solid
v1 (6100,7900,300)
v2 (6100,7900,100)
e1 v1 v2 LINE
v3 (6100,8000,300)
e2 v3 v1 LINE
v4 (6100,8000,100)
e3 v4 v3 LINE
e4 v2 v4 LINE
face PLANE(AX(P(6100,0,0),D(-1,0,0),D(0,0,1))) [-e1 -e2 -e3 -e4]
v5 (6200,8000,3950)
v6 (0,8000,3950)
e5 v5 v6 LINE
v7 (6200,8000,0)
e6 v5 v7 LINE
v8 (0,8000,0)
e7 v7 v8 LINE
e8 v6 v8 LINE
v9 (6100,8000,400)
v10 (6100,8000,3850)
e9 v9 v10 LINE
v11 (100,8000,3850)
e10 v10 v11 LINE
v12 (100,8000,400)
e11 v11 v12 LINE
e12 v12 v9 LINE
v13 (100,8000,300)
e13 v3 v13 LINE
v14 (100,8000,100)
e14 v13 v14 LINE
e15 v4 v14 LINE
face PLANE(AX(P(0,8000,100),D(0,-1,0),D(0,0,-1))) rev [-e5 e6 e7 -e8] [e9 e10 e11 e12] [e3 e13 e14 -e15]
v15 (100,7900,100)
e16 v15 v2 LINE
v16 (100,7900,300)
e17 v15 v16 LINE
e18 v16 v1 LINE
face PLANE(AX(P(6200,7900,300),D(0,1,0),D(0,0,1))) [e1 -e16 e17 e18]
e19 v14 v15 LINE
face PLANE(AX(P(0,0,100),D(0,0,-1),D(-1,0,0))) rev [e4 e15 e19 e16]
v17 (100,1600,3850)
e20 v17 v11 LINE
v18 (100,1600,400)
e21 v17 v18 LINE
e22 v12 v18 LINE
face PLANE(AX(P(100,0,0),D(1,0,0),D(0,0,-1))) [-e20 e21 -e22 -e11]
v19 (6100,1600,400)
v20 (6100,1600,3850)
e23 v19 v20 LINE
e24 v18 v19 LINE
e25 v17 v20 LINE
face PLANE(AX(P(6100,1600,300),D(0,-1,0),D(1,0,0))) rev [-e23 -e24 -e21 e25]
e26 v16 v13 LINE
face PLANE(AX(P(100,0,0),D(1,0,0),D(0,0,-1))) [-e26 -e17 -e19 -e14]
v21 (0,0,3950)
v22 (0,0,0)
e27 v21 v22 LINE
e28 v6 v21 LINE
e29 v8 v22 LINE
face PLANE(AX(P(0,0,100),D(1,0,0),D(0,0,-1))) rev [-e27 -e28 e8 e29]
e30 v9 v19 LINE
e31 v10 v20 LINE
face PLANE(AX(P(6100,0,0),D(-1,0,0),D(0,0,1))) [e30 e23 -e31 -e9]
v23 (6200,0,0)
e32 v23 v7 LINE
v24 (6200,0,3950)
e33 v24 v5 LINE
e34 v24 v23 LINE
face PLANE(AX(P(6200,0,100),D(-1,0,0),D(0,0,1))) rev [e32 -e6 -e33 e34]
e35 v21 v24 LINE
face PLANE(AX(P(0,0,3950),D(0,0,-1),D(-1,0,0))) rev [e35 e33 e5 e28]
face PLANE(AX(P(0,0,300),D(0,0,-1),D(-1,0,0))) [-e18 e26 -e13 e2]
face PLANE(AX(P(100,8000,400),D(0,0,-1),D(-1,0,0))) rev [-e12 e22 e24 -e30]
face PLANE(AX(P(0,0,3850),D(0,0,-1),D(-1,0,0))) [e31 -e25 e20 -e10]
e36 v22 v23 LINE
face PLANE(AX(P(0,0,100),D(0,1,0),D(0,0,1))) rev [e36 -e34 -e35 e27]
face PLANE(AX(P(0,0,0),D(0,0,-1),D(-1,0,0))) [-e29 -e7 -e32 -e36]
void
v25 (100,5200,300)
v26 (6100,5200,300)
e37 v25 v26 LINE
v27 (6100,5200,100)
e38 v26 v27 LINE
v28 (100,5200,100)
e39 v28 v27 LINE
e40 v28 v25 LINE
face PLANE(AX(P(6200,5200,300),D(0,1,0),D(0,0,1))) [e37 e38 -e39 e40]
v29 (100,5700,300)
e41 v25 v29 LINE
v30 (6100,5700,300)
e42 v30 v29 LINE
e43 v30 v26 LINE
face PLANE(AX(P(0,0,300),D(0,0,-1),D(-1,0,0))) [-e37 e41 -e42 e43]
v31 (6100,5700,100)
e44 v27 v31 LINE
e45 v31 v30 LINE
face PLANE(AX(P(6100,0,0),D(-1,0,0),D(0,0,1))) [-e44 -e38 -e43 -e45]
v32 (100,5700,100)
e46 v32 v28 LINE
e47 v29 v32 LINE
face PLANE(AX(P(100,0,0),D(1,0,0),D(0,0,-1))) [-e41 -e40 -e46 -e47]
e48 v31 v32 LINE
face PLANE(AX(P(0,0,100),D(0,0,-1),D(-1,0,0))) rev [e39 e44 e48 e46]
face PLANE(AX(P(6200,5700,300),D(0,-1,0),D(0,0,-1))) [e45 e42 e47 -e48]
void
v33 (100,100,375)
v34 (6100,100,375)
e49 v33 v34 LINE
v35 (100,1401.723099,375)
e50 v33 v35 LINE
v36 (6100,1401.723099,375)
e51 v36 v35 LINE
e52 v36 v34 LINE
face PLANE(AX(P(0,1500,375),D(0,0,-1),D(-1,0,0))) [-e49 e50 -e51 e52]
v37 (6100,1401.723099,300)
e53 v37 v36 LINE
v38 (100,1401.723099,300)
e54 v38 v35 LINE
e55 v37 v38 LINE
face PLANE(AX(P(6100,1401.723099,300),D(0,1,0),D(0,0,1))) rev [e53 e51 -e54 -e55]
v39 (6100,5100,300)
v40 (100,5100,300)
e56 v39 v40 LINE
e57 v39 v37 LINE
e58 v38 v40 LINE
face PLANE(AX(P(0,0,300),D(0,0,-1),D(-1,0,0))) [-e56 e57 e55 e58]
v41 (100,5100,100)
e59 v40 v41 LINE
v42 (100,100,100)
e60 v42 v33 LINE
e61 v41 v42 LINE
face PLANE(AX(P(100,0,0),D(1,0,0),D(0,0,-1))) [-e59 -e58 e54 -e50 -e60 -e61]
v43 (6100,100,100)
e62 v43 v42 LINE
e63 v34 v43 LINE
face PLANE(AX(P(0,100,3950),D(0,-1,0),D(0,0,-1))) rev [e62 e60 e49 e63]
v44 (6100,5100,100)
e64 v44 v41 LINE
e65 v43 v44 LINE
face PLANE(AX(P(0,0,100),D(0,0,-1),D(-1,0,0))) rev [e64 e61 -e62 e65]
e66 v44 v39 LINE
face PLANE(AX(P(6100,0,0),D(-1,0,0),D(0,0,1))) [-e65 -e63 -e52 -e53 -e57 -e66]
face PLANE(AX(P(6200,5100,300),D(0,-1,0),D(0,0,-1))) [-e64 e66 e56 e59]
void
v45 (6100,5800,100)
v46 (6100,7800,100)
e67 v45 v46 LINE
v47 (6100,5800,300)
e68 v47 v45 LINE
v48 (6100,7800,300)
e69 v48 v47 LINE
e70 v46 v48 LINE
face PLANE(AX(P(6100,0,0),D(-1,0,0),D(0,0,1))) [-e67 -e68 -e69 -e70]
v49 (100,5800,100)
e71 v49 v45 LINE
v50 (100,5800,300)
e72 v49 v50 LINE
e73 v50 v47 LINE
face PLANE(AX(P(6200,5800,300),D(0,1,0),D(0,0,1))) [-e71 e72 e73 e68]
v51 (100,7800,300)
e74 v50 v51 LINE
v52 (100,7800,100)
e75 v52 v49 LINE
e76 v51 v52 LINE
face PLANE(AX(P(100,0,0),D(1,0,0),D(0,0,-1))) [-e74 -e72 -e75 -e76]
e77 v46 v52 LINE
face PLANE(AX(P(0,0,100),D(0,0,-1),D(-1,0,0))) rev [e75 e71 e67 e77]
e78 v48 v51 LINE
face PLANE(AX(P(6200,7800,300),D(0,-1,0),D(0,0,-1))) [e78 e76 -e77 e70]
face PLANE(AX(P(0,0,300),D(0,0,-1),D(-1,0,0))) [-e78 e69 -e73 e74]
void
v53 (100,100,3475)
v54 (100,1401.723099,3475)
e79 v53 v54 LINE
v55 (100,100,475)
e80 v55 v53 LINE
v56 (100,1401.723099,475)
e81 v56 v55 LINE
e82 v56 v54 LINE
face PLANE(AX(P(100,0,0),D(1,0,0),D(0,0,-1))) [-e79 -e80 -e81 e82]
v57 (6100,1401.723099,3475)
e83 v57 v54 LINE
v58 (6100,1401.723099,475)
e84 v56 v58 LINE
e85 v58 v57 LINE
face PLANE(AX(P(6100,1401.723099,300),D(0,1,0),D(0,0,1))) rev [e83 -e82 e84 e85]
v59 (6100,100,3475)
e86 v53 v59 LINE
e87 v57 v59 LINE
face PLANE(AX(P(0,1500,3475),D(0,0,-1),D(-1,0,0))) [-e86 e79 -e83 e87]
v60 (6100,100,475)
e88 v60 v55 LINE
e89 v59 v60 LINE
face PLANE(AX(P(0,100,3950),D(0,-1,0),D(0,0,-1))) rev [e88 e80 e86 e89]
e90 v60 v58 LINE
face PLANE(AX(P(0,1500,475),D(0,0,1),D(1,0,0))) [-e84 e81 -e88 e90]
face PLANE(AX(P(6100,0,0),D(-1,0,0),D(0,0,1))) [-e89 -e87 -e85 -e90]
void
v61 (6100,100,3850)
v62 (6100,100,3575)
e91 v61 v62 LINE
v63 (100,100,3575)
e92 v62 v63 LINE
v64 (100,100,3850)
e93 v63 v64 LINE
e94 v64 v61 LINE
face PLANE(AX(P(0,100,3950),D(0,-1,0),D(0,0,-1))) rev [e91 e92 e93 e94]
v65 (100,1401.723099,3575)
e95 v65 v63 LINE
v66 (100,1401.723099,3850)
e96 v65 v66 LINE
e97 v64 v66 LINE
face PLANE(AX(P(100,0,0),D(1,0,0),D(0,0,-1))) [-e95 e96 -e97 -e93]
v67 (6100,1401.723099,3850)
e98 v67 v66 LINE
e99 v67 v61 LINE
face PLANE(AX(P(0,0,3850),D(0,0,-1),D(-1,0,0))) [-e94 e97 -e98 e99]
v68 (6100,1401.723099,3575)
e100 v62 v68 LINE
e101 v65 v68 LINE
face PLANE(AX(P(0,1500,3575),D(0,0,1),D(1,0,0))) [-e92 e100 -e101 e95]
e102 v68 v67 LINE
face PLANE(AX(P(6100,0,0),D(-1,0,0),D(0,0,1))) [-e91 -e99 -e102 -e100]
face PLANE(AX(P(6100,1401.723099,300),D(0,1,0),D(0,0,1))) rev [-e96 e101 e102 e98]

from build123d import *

# Parameters (mm, degrees)
SKETCH1_W            = 6200
SKETCH1_H            = 8000
BOSS_EXTRUDE1_DEPTH  = 100
SKETCH2_W            = 6200
SKETCH2_H            = 100
BOSS_EXTRUDE2_DEPTH  = 3850
SKETCH3_W            = 6200
SKETCH3_H            = 8000
BOSS_EXTRUDE3_DEPTH  = 100
SKETCH5_W            = 3750
SKETCH5_H            = 7900
BOSS_EXTRUDE4_DEPTH  = 100
SKETCH6_W            = 3750
SKETCH6_H            = 7900
BOSS_EXTRUDE5_DEPTH  = 100
SKETCH8_W            = 6100
SKETCH8_H            = 198.276900897
BOSS_EXTRUDE7_DEPTH  = 3550
SKETCH9_W            = 6000
SKETCH9_H            = 100
BOSS_EXTRUDE8_DEPTH  = 6400
SKETCH10_W           = 6200
SKETCH10_H           = 100
BOSS_EXTRUDE9_DEPTH  = 1500
SKETCH11_W           = 6200
SKETCH11_H           = 100
BOSS_EXTRUDE11_DEPTH = 300


with BuildPart() as part:
    # Sketch1 → Boss-Extrude1 (new body)
    with BuildSketch(Plane.XY):
        with Locations((3100, 4000)):
            Rectangle(SKETCH1_W, SKETCH1_H)
    extrude(amount=BOSS_EXTRUDE1_DEPTH)

    # Sketch2 → Boss-Extrude2 (add)
    with BuildSketch(Plane.XY.offset(100)):
        with Locations((3100, 50)):
            Rectangle(SKETCH2_W, SKETCH2_H)
    extrude(amount=BOSS_EXTRUDE2_DEPTH)

    # Sketch3 → Boss-Extrude3 (add)
    with BuildSketch(Plane.XY.offset(3950)):
        with Locations((3100, 4000)):
            Rectangle(SKETCH3_W, SKETCH3_H)
    extrude(amount=-BOSS_EXTRUDE3_DEPTH)

    # Sketch5 → Boss-Extrude4 (add)
    with BuildSketch(Plane(origin=(6200, 0, 0), x_dir=(0, 0, -1), z_dir=(1, 0, 0))):
        with Locations((-1975, 4050)):
            Rectangle(SKETCH5_W, SKETCH5_H)
    extrude(amount=-BOSS_EXTRUDE4_DEPTH)

    # Sketch6 → Boss-Extrude5 (add)
    with BuildSketch(Plane.ZY):
        with Locations((1975, 4050)):
            Rectangle(SKETCH6_W, SKETCH6_H)
    extrude(amount=-BOSS_EXTRUDE5_DEPTH)

    # Sketch8 → Boss-Extrude7 (add)
    with BuildSketch(Plane(origin=(0, 0, 3850), x_dir=(-1, 0, 0), z_dir=(0, 0, -1))):
        with Locations((-3050, 1500.861549552)):
            Rectangle(SKETCH8_W, SKETCH8_H)
    extrude(amount=BOSS_EXTRUDE7_DEPTH)

    # Sketch9 → Boss-Extrude8 (add)
    with BuildSketch(Plane(origin=(0, 1600, 0), x_dir=(1, 0, 0), z_dir=(0, 1, 0))):
        with Locations((3100, -350)):
            Rectangle(SKETCH9_W, SKETCH9_H)
    extrude(amount=BOSS_EXTRUDE8_DEPTH)

    # Sketch10 → Boss-Extrude9 (add)
    with BuildSketch(Plane.XZ):
        with Locations((3100, 3525)):
            Rectangle(SKETCH10_W, SKETCH10_H)
        with Locations((3100, 425)):
            Rectangle(SKETCH10_W, SKETCH10_H)
    extrude(amount=-BOSS_EXTRUDE9_DEPTH)

    # Sketch11 → Boss-Extrude11 (add)
    with BuildSketch(Plane(origin=(0, 0, 0), x_dir=(-1, 0, 0), z_dir=(0, 0, -1))):
        with Locations((-3100, 7850)):
            Rectangle(SKETCH11_W, SKETCH11_H)
        with Locations((-3100, 5750)):
            Rectangle(SKETCH11_W, SKETCH11_H)
        with Locations((-3100, 5150)):
            Rectangle(SKETCH11_W, SKETCH11_H)
    extrude(amount=-BOSS_EXTRUDE11_DEPTH)


solid = part.part
